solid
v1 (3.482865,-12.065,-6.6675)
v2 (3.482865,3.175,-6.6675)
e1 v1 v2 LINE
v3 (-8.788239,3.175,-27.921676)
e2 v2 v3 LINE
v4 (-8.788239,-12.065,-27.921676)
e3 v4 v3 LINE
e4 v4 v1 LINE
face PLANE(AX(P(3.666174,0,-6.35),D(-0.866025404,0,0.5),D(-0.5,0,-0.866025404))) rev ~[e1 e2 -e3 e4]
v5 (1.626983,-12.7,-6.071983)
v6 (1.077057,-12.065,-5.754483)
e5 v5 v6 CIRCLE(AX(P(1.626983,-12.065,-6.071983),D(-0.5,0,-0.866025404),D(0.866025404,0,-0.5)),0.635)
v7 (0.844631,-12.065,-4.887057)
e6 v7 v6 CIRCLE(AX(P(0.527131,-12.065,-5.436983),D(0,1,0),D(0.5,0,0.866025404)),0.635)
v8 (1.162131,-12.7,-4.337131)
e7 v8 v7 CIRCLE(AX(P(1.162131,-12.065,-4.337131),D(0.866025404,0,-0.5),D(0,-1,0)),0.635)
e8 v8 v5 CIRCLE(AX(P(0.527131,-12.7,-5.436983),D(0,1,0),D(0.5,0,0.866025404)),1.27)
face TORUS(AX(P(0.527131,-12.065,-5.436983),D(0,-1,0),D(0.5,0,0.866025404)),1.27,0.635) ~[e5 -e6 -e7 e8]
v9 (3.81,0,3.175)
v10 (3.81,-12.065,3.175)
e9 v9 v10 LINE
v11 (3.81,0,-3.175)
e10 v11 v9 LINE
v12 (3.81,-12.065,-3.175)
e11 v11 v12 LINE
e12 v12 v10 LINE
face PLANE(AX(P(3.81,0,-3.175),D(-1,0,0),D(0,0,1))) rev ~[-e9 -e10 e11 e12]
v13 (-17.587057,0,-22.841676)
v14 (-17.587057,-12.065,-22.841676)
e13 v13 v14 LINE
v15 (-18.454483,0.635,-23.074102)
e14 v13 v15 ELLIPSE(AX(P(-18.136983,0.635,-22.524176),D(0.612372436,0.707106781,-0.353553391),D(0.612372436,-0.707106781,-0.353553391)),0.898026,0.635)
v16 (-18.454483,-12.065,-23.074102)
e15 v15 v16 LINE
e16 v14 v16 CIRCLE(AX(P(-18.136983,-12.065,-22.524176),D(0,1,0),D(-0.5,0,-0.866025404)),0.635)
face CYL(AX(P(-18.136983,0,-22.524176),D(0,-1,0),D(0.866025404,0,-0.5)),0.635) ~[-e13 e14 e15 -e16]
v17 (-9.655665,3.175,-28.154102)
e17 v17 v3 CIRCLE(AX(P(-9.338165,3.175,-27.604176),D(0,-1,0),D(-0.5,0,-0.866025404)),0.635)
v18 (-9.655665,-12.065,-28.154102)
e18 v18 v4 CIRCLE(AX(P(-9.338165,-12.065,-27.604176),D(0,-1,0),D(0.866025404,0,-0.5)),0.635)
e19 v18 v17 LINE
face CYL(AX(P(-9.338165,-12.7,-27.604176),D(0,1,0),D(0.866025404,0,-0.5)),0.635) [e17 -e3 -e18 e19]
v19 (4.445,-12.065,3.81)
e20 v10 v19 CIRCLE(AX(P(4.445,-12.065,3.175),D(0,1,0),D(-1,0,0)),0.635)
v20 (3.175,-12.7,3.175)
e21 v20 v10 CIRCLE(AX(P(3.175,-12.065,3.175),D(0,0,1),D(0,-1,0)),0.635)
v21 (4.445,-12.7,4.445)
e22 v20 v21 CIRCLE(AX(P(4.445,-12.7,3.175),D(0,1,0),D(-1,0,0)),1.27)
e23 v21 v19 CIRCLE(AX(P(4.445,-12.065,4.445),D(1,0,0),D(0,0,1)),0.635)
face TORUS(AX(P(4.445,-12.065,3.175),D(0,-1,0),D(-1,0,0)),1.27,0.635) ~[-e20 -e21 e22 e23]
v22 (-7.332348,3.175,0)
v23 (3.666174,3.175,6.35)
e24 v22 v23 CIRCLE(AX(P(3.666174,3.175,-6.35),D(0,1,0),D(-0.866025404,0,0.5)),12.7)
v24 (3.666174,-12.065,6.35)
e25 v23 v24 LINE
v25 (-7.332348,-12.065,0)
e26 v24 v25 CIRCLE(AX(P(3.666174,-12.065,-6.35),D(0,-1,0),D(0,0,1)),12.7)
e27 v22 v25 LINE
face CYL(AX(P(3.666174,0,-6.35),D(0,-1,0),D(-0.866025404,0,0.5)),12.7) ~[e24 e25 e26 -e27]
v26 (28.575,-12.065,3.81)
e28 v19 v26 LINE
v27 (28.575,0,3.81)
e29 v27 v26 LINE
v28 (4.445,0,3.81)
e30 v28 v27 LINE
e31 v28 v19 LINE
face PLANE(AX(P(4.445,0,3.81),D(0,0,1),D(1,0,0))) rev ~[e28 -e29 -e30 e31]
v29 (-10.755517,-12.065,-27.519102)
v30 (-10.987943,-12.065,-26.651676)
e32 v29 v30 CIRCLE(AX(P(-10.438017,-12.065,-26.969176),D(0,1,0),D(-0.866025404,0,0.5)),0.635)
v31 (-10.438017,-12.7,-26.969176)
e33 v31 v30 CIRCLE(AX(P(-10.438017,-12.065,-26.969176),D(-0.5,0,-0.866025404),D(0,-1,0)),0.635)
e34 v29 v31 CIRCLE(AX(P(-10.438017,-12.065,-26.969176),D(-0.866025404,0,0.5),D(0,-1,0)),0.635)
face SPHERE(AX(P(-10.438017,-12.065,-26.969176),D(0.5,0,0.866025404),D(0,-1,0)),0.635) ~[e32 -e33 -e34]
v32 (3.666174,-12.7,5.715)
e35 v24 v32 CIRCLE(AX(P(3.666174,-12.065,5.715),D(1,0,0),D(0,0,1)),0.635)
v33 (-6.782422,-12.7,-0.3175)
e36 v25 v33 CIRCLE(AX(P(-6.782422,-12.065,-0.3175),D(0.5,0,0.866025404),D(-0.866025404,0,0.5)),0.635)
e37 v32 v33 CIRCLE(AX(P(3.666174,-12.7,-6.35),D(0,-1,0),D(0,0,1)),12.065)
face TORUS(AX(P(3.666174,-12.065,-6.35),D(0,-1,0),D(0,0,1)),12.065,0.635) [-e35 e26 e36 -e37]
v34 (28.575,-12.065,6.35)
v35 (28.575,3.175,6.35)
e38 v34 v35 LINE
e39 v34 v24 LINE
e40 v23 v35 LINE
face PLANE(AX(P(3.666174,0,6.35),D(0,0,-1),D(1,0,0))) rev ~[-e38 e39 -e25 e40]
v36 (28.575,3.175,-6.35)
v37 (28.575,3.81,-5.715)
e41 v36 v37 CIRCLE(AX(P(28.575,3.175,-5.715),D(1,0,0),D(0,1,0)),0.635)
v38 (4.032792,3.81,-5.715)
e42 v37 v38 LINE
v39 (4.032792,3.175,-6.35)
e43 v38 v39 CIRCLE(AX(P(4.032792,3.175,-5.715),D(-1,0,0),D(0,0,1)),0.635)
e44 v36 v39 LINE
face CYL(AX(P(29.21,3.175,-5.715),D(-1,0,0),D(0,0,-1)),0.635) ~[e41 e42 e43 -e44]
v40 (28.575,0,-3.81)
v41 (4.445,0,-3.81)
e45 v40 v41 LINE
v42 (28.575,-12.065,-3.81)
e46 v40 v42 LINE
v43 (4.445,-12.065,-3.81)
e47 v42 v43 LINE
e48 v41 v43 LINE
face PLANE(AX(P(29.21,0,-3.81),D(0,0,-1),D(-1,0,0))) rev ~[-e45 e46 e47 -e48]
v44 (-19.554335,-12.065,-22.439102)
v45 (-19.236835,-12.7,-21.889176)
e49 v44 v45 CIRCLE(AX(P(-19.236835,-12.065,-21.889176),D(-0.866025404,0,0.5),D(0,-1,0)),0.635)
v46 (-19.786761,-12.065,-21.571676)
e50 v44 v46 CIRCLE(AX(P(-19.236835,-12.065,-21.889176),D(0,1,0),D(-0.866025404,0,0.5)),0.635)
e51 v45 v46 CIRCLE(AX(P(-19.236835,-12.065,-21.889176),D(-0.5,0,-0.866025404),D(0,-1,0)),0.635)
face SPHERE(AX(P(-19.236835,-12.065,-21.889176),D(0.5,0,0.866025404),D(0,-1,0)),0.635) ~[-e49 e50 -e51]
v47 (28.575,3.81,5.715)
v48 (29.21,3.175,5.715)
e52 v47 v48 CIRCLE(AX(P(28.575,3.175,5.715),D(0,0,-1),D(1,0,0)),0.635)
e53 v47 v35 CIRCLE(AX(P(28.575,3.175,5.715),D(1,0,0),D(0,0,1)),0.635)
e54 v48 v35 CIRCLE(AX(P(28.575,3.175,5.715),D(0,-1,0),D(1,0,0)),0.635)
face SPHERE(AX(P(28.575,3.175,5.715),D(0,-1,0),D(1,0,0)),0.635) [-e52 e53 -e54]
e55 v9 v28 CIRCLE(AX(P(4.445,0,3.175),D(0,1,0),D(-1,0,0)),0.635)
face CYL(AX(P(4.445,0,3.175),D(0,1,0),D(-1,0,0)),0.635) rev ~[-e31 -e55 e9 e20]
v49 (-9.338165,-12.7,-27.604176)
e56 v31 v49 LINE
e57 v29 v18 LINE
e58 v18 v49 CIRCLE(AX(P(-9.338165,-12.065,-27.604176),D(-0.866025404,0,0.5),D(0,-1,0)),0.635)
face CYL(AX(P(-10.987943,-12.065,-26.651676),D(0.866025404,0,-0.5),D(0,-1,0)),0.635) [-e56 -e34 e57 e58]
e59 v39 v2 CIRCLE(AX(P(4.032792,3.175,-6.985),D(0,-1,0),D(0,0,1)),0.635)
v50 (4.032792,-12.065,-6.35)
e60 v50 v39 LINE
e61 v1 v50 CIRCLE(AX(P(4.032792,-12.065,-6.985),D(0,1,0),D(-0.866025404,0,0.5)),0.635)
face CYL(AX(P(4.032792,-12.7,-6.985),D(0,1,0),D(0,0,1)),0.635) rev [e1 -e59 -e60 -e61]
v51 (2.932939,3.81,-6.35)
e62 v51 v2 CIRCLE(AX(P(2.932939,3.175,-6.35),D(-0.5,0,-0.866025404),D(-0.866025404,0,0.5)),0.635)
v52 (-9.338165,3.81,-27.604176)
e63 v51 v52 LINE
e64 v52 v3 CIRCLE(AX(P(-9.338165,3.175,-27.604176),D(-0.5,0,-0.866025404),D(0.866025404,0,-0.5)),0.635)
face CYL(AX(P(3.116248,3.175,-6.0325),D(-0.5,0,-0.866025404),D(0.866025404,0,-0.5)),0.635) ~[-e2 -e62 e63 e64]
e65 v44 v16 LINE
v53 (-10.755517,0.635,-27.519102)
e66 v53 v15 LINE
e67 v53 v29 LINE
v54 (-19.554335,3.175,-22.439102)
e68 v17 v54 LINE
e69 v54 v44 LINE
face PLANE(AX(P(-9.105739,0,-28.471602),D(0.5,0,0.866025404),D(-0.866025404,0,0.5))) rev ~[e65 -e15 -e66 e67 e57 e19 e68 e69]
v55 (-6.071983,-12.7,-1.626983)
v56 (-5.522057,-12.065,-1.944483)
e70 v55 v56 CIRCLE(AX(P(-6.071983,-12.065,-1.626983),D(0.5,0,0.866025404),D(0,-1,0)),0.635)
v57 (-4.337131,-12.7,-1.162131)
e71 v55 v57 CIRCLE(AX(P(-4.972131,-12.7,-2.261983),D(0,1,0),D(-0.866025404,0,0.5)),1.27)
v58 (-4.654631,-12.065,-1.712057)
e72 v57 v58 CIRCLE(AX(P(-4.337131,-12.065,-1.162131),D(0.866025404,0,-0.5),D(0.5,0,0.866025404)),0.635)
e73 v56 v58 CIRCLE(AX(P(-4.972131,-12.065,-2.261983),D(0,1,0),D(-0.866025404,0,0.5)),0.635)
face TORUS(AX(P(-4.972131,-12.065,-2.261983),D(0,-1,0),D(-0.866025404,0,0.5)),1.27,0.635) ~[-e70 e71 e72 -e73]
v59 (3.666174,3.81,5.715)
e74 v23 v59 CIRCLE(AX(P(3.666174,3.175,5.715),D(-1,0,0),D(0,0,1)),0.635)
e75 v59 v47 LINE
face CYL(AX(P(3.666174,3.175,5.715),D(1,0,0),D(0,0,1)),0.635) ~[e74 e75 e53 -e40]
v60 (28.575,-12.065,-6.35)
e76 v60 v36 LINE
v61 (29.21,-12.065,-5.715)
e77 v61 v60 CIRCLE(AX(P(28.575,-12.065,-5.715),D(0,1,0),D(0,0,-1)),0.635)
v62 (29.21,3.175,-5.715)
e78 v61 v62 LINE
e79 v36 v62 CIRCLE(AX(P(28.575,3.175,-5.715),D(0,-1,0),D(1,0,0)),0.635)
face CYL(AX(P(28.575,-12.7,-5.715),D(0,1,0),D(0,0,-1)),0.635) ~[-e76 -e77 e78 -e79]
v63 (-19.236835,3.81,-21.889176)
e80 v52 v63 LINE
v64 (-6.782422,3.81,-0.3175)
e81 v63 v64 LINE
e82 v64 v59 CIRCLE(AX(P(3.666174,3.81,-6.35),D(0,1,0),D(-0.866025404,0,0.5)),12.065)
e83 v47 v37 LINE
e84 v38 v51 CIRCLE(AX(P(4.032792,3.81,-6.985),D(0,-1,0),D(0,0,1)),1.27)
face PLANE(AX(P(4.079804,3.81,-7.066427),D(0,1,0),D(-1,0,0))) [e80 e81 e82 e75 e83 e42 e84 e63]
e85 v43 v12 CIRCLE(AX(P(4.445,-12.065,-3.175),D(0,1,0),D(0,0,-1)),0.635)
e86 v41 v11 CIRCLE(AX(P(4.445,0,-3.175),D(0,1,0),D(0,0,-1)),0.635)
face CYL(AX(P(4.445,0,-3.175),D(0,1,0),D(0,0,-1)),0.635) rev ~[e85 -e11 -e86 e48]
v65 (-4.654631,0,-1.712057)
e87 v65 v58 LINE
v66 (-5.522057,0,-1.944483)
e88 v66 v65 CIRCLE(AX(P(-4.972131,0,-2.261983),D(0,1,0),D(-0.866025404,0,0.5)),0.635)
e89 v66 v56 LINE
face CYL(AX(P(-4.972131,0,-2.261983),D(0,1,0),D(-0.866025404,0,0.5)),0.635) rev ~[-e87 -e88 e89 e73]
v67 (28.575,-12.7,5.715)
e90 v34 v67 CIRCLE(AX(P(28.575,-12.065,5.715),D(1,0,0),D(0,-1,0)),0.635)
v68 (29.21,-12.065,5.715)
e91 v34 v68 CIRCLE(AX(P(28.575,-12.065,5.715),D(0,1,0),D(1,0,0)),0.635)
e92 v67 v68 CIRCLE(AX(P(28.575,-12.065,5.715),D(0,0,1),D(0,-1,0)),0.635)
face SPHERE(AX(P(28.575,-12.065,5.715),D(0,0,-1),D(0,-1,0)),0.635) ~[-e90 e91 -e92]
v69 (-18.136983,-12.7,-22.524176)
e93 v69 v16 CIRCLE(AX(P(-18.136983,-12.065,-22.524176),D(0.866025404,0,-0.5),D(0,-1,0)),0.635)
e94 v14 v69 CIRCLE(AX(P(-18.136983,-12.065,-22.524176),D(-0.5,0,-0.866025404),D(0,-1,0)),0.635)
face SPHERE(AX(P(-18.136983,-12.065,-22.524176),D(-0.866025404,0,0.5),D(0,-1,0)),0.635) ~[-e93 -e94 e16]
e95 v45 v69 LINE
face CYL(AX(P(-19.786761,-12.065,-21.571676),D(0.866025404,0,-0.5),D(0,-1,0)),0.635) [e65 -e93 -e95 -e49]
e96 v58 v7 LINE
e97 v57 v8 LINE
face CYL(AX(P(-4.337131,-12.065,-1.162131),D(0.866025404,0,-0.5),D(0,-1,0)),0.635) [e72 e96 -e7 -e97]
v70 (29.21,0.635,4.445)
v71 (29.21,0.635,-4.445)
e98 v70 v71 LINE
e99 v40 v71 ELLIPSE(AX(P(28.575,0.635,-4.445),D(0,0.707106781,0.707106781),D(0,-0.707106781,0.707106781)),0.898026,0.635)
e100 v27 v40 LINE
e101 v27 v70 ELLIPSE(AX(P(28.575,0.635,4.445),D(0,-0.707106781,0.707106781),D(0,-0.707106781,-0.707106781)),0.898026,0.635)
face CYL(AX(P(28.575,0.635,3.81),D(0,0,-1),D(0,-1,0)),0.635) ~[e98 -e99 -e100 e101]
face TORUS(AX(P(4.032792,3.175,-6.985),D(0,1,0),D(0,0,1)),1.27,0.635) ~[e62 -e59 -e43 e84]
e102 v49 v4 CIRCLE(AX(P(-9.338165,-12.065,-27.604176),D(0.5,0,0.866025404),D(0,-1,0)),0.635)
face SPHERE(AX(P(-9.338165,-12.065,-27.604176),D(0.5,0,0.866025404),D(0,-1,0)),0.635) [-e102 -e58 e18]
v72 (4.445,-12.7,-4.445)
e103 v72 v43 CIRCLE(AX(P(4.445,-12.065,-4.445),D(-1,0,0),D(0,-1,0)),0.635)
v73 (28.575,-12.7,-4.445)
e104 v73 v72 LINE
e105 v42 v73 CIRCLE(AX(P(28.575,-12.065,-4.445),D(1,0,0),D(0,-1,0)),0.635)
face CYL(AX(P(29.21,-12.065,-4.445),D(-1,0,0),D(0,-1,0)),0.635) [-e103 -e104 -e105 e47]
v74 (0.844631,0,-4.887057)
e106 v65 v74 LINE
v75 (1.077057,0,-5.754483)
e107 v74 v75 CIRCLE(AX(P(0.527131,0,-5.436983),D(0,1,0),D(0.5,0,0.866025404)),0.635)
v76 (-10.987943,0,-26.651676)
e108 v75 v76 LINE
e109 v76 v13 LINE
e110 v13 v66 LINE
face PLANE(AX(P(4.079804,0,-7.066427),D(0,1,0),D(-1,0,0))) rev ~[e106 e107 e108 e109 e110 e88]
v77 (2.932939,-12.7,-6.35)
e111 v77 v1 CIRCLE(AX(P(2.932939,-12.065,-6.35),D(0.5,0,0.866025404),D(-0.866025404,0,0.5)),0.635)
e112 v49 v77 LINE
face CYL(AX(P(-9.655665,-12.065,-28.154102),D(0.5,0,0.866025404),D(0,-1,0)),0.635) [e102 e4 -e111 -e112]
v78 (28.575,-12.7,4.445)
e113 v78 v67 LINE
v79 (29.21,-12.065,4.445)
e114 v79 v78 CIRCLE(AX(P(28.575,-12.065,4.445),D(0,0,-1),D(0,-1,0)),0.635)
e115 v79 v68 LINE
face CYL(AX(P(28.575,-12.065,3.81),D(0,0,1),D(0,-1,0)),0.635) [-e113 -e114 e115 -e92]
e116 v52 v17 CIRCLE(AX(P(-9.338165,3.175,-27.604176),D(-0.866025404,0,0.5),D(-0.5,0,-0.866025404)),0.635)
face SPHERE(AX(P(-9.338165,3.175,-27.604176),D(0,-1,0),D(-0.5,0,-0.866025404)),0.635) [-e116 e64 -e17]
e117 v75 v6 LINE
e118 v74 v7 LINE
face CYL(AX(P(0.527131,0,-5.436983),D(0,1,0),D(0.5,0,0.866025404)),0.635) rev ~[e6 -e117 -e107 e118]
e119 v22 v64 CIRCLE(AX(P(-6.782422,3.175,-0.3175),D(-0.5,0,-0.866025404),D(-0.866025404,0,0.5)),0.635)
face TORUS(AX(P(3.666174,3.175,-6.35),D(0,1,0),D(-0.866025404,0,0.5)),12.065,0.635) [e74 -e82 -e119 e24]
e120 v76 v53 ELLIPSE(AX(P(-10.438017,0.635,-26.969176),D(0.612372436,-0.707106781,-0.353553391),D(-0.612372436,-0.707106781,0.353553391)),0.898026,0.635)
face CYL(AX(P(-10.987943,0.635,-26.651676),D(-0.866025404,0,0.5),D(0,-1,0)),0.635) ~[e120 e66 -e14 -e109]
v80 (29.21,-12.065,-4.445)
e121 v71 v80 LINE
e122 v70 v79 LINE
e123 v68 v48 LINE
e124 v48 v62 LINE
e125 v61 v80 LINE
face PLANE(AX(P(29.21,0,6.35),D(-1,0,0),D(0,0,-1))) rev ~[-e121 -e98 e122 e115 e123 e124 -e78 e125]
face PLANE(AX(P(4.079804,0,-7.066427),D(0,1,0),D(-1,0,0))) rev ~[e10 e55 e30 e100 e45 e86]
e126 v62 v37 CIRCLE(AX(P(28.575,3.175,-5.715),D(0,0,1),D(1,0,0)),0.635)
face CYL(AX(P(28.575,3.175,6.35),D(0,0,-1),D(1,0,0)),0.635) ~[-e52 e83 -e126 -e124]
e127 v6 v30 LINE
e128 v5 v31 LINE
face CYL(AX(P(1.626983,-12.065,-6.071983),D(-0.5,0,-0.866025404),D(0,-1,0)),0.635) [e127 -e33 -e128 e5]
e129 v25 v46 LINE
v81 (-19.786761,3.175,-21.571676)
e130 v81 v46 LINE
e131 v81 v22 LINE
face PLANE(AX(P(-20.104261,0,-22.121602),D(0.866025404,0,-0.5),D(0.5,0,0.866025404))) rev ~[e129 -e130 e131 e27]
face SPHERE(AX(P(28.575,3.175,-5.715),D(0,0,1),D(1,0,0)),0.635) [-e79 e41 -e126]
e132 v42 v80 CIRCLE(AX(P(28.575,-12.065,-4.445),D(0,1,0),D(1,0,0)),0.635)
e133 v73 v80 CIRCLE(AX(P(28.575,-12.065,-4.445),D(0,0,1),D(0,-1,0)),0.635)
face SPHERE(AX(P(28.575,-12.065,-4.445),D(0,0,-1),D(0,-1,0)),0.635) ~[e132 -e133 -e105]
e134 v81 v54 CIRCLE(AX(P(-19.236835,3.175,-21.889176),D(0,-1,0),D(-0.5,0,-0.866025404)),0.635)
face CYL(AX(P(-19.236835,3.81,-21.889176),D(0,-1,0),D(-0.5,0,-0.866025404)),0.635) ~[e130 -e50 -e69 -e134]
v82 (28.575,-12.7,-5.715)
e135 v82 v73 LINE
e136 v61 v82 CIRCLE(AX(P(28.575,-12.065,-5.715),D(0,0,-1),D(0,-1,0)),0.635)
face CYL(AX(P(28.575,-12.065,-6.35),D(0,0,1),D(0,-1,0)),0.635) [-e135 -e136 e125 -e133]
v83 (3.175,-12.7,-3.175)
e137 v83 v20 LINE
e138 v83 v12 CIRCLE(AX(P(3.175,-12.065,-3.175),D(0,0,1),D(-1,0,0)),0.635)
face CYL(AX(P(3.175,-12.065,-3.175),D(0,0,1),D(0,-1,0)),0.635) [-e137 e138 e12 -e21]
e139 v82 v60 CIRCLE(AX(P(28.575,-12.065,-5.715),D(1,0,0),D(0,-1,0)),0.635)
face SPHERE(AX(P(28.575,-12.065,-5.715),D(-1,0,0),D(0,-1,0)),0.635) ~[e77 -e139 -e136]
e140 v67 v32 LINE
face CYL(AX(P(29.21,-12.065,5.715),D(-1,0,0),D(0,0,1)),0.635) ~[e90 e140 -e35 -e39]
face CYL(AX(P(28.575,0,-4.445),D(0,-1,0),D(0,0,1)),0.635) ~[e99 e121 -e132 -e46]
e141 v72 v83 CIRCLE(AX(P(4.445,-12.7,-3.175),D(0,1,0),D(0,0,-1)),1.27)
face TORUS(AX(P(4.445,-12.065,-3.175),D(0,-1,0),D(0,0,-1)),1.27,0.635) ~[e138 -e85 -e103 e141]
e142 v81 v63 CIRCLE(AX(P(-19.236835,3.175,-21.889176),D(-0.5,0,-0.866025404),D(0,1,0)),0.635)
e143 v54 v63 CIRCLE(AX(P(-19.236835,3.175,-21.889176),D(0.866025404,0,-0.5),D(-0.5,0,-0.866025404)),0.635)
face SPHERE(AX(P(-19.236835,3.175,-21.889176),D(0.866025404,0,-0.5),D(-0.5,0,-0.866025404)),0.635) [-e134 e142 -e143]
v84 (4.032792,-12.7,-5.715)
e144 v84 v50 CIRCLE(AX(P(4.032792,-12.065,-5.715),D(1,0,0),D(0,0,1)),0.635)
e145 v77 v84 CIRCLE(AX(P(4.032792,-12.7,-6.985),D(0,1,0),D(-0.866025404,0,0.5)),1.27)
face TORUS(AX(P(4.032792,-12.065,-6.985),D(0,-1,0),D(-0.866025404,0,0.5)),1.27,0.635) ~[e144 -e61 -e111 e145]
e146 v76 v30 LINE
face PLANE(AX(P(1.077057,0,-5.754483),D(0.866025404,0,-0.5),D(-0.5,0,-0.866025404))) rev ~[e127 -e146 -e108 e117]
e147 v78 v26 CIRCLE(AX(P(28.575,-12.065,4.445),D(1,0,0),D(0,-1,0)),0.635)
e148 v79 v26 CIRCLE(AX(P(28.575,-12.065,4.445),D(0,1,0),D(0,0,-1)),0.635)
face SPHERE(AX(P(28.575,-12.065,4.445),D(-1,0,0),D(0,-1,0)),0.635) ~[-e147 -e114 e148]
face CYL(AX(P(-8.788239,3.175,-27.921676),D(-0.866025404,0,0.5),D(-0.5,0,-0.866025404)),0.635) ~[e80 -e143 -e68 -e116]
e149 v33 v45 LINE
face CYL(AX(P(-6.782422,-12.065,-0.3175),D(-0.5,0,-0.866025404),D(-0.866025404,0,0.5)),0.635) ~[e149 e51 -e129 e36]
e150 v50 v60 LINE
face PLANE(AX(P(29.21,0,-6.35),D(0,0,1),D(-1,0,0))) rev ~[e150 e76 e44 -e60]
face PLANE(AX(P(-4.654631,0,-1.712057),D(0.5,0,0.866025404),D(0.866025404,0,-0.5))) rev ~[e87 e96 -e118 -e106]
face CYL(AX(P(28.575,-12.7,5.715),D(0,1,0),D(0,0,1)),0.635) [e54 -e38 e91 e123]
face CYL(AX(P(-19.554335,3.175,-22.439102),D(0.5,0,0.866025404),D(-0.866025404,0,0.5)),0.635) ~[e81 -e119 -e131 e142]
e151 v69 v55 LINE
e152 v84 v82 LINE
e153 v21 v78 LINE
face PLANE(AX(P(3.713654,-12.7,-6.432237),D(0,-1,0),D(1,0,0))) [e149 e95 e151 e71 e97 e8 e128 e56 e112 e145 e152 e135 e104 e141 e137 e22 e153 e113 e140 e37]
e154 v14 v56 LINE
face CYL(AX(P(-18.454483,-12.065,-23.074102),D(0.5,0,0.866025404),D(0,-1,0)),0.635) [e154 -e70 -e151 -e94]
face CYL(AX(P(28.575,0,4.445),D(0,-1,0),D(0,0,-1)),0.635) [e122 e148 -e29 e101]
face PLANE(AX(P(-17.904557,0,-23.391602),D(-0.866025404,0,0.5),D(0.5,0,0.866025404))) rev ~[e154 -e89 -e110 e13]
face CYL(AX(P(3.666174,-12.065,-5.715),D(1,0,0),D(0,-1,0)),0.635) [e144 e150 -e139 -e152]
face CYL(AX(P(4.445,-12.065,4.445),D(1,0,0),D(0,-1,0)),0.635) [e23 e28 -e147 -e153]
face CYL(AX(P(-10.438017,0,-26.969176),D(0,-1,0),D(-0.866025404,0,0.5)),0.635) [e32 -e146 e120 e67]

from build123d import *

# Parameters (mm, degrees)
F1_DEPTH = 12.7
F3_DEPTH = 3.81
F4_R     = 0.635


with BuildPart() as f1:
    # F0 (on Front) → F1 (new body)
    with BuildSketch(Plane.XZ):
        with BuildLine():
            Line((4.445, 3.81), (29.21, 3.81))
            Line((29.21, 3.81), (29.21, 6.35))
            Line((29.21, 6.35), (3.6661742094, 6.35))
            ThreePointArc((3.6661742094, 6.35), (-2.6838257906, 4.6485226281), (-7.3323484187, 0))
            Line((-7.3323484187, 0), (-20.104261314, -22.1216020445))
            Line((-20.104261314, -22.1216020445), (-17.9045567884, -23.3916020445))
            Line((-17.9045567884, -23.3916020445), (-5.5220567884, -1.9444829198))
            ThreePointArc((-5.5220567884, -1.9444829198), (-5.1364807507, -1.6486200201), (-4.654630657, -1.7120567884))
            Line((-4.654630657, -1.7120567884), (0.844630657, -4.8870567884))
            ThreePointArc((0.844630657, -4.8870567884), (1.1404935567, -5.2726328262), (1.0770567884, -5.7544829198))
            Line((1.0770567884, -5.7544829198), (-11.3054432116, -27.2016020445))
            Line((-11.3054432116, -27.2016020445), (-9.105738686, -28.4716020445))
            Line((-9.105738686, -28.4716020445), (3.6661742094, -6.35))
            Line((3.6661742094, -6.35), (29.21, -6.35))
            Line((29.21, -6.35), (29.21, -3.81))
            Line((29.21, -3.81), (4.445, -3.81))
            ThreePointArc((4.445, -3.81), (3.9959871939, -3.6240128061), (3.81, -3.175))
            Line((3.81, -3.175), (3.81, 3.175))
            ThreePointArc((3.81, 3.175), (3.9959871939, 3.6240128061), (4.445, 3.81))
        make_face()
    extrude(amount=F1_DEPTH)

    # F2 (on face) → F3 (join)
    with BuildSketch(Plane(origin=(0, 0, 0), x_dir=(-1, 0, 0), z_dir=(0, 1, 0))):
        with BuildLine():
            Line((-3.6661742094, 6.35), (-29.21, 6.35))
            Line((-29.21, 6.35), (-29.21, -6.35))
            Line((-29.21, -6.35), (-3.6661742094, -6.35))
            Line((-3.6661742094, -6.35), (9.105738686, -28.4716020445))
            Line((9.105738686, -28.4716020445), (11.3054432116, -27.2016020445))
            Line((11.3054432116, -27.2016020445), (20.104261314, -22.1216020445))
            Line((20.104261314, -22.1216020445), (7.3323484187, 0))
            ThreePointArc((7.3323484187, 0), (2.6838257906, 4.6485226281), (-3.6661742094, 6.35))
        make_face()
    extrude(amount=F3_DEPTH)

    # F4
    f4_edges = [f1.edges().sort_by_distance(p)[0] for p in [
        (-2.719782, -12.7, -17.410801),
        (16.438087, -12.7, -6.35),
        (29.21, -12.7, -5.08),
        (16.8275, -12.7, -3.81),
        (3.995987, -12.7, -3.624013),
        (3.81, -12.7, 0),
        (3.995987, -12.7, 3.624013),
        (16.8275, -12.7, 3.81),
        (29.21, -12.7, 5.08),
        (16.438087, -12.7, 6.35),
        (-2.683826, -12.7, 4.648523),
        (-13.718305, -12.7, -11.060801),
        (-19.004409, -12.7, -22.756602),
        (-11.713307, -12.7, -12.668042),
        (-5.136481, -12.7, -1.64862),
        (-1.905, -12.7, -3.299557),
        (1.140494, -12.7, -5.272633),
        (-5.114193, -12.7, -16.478042),
        (-10.205591, -12.7, -27.836602),
        (29.21, -6.35, -3.81),
        (29.21, 0, 0),
        (29.21, -6.35, 3.81),
        (29.21, -4.445, 6.35),
        (29.21, 3.81, 0),
        (29.21, -4.445, -6.35),
        (-11.305443, -6.35, -27.201602),
        (-9.105739, -4.445, -28.471602),
        (-14.605, 3.81, -25.296602),
        (-20.104261, -4.445, -22.121602),
        (-17.904557, -6.35, -23.391602),
        (-14.605, 0, -25.296602),
        (16.438087, 3.81, 6.35),
        (16.438087, 3.81, -6.35),
        (-2.719782, 3.81, -17.410801),
        (-13.718305, 3.81, -11.060801),
        (-2.683826, 3.81, 4.648523),
        (3.666174, -4.445, -6.35),
    ]]
    fillet(f4_edges, radius=F4_R)


solid = f1.part
